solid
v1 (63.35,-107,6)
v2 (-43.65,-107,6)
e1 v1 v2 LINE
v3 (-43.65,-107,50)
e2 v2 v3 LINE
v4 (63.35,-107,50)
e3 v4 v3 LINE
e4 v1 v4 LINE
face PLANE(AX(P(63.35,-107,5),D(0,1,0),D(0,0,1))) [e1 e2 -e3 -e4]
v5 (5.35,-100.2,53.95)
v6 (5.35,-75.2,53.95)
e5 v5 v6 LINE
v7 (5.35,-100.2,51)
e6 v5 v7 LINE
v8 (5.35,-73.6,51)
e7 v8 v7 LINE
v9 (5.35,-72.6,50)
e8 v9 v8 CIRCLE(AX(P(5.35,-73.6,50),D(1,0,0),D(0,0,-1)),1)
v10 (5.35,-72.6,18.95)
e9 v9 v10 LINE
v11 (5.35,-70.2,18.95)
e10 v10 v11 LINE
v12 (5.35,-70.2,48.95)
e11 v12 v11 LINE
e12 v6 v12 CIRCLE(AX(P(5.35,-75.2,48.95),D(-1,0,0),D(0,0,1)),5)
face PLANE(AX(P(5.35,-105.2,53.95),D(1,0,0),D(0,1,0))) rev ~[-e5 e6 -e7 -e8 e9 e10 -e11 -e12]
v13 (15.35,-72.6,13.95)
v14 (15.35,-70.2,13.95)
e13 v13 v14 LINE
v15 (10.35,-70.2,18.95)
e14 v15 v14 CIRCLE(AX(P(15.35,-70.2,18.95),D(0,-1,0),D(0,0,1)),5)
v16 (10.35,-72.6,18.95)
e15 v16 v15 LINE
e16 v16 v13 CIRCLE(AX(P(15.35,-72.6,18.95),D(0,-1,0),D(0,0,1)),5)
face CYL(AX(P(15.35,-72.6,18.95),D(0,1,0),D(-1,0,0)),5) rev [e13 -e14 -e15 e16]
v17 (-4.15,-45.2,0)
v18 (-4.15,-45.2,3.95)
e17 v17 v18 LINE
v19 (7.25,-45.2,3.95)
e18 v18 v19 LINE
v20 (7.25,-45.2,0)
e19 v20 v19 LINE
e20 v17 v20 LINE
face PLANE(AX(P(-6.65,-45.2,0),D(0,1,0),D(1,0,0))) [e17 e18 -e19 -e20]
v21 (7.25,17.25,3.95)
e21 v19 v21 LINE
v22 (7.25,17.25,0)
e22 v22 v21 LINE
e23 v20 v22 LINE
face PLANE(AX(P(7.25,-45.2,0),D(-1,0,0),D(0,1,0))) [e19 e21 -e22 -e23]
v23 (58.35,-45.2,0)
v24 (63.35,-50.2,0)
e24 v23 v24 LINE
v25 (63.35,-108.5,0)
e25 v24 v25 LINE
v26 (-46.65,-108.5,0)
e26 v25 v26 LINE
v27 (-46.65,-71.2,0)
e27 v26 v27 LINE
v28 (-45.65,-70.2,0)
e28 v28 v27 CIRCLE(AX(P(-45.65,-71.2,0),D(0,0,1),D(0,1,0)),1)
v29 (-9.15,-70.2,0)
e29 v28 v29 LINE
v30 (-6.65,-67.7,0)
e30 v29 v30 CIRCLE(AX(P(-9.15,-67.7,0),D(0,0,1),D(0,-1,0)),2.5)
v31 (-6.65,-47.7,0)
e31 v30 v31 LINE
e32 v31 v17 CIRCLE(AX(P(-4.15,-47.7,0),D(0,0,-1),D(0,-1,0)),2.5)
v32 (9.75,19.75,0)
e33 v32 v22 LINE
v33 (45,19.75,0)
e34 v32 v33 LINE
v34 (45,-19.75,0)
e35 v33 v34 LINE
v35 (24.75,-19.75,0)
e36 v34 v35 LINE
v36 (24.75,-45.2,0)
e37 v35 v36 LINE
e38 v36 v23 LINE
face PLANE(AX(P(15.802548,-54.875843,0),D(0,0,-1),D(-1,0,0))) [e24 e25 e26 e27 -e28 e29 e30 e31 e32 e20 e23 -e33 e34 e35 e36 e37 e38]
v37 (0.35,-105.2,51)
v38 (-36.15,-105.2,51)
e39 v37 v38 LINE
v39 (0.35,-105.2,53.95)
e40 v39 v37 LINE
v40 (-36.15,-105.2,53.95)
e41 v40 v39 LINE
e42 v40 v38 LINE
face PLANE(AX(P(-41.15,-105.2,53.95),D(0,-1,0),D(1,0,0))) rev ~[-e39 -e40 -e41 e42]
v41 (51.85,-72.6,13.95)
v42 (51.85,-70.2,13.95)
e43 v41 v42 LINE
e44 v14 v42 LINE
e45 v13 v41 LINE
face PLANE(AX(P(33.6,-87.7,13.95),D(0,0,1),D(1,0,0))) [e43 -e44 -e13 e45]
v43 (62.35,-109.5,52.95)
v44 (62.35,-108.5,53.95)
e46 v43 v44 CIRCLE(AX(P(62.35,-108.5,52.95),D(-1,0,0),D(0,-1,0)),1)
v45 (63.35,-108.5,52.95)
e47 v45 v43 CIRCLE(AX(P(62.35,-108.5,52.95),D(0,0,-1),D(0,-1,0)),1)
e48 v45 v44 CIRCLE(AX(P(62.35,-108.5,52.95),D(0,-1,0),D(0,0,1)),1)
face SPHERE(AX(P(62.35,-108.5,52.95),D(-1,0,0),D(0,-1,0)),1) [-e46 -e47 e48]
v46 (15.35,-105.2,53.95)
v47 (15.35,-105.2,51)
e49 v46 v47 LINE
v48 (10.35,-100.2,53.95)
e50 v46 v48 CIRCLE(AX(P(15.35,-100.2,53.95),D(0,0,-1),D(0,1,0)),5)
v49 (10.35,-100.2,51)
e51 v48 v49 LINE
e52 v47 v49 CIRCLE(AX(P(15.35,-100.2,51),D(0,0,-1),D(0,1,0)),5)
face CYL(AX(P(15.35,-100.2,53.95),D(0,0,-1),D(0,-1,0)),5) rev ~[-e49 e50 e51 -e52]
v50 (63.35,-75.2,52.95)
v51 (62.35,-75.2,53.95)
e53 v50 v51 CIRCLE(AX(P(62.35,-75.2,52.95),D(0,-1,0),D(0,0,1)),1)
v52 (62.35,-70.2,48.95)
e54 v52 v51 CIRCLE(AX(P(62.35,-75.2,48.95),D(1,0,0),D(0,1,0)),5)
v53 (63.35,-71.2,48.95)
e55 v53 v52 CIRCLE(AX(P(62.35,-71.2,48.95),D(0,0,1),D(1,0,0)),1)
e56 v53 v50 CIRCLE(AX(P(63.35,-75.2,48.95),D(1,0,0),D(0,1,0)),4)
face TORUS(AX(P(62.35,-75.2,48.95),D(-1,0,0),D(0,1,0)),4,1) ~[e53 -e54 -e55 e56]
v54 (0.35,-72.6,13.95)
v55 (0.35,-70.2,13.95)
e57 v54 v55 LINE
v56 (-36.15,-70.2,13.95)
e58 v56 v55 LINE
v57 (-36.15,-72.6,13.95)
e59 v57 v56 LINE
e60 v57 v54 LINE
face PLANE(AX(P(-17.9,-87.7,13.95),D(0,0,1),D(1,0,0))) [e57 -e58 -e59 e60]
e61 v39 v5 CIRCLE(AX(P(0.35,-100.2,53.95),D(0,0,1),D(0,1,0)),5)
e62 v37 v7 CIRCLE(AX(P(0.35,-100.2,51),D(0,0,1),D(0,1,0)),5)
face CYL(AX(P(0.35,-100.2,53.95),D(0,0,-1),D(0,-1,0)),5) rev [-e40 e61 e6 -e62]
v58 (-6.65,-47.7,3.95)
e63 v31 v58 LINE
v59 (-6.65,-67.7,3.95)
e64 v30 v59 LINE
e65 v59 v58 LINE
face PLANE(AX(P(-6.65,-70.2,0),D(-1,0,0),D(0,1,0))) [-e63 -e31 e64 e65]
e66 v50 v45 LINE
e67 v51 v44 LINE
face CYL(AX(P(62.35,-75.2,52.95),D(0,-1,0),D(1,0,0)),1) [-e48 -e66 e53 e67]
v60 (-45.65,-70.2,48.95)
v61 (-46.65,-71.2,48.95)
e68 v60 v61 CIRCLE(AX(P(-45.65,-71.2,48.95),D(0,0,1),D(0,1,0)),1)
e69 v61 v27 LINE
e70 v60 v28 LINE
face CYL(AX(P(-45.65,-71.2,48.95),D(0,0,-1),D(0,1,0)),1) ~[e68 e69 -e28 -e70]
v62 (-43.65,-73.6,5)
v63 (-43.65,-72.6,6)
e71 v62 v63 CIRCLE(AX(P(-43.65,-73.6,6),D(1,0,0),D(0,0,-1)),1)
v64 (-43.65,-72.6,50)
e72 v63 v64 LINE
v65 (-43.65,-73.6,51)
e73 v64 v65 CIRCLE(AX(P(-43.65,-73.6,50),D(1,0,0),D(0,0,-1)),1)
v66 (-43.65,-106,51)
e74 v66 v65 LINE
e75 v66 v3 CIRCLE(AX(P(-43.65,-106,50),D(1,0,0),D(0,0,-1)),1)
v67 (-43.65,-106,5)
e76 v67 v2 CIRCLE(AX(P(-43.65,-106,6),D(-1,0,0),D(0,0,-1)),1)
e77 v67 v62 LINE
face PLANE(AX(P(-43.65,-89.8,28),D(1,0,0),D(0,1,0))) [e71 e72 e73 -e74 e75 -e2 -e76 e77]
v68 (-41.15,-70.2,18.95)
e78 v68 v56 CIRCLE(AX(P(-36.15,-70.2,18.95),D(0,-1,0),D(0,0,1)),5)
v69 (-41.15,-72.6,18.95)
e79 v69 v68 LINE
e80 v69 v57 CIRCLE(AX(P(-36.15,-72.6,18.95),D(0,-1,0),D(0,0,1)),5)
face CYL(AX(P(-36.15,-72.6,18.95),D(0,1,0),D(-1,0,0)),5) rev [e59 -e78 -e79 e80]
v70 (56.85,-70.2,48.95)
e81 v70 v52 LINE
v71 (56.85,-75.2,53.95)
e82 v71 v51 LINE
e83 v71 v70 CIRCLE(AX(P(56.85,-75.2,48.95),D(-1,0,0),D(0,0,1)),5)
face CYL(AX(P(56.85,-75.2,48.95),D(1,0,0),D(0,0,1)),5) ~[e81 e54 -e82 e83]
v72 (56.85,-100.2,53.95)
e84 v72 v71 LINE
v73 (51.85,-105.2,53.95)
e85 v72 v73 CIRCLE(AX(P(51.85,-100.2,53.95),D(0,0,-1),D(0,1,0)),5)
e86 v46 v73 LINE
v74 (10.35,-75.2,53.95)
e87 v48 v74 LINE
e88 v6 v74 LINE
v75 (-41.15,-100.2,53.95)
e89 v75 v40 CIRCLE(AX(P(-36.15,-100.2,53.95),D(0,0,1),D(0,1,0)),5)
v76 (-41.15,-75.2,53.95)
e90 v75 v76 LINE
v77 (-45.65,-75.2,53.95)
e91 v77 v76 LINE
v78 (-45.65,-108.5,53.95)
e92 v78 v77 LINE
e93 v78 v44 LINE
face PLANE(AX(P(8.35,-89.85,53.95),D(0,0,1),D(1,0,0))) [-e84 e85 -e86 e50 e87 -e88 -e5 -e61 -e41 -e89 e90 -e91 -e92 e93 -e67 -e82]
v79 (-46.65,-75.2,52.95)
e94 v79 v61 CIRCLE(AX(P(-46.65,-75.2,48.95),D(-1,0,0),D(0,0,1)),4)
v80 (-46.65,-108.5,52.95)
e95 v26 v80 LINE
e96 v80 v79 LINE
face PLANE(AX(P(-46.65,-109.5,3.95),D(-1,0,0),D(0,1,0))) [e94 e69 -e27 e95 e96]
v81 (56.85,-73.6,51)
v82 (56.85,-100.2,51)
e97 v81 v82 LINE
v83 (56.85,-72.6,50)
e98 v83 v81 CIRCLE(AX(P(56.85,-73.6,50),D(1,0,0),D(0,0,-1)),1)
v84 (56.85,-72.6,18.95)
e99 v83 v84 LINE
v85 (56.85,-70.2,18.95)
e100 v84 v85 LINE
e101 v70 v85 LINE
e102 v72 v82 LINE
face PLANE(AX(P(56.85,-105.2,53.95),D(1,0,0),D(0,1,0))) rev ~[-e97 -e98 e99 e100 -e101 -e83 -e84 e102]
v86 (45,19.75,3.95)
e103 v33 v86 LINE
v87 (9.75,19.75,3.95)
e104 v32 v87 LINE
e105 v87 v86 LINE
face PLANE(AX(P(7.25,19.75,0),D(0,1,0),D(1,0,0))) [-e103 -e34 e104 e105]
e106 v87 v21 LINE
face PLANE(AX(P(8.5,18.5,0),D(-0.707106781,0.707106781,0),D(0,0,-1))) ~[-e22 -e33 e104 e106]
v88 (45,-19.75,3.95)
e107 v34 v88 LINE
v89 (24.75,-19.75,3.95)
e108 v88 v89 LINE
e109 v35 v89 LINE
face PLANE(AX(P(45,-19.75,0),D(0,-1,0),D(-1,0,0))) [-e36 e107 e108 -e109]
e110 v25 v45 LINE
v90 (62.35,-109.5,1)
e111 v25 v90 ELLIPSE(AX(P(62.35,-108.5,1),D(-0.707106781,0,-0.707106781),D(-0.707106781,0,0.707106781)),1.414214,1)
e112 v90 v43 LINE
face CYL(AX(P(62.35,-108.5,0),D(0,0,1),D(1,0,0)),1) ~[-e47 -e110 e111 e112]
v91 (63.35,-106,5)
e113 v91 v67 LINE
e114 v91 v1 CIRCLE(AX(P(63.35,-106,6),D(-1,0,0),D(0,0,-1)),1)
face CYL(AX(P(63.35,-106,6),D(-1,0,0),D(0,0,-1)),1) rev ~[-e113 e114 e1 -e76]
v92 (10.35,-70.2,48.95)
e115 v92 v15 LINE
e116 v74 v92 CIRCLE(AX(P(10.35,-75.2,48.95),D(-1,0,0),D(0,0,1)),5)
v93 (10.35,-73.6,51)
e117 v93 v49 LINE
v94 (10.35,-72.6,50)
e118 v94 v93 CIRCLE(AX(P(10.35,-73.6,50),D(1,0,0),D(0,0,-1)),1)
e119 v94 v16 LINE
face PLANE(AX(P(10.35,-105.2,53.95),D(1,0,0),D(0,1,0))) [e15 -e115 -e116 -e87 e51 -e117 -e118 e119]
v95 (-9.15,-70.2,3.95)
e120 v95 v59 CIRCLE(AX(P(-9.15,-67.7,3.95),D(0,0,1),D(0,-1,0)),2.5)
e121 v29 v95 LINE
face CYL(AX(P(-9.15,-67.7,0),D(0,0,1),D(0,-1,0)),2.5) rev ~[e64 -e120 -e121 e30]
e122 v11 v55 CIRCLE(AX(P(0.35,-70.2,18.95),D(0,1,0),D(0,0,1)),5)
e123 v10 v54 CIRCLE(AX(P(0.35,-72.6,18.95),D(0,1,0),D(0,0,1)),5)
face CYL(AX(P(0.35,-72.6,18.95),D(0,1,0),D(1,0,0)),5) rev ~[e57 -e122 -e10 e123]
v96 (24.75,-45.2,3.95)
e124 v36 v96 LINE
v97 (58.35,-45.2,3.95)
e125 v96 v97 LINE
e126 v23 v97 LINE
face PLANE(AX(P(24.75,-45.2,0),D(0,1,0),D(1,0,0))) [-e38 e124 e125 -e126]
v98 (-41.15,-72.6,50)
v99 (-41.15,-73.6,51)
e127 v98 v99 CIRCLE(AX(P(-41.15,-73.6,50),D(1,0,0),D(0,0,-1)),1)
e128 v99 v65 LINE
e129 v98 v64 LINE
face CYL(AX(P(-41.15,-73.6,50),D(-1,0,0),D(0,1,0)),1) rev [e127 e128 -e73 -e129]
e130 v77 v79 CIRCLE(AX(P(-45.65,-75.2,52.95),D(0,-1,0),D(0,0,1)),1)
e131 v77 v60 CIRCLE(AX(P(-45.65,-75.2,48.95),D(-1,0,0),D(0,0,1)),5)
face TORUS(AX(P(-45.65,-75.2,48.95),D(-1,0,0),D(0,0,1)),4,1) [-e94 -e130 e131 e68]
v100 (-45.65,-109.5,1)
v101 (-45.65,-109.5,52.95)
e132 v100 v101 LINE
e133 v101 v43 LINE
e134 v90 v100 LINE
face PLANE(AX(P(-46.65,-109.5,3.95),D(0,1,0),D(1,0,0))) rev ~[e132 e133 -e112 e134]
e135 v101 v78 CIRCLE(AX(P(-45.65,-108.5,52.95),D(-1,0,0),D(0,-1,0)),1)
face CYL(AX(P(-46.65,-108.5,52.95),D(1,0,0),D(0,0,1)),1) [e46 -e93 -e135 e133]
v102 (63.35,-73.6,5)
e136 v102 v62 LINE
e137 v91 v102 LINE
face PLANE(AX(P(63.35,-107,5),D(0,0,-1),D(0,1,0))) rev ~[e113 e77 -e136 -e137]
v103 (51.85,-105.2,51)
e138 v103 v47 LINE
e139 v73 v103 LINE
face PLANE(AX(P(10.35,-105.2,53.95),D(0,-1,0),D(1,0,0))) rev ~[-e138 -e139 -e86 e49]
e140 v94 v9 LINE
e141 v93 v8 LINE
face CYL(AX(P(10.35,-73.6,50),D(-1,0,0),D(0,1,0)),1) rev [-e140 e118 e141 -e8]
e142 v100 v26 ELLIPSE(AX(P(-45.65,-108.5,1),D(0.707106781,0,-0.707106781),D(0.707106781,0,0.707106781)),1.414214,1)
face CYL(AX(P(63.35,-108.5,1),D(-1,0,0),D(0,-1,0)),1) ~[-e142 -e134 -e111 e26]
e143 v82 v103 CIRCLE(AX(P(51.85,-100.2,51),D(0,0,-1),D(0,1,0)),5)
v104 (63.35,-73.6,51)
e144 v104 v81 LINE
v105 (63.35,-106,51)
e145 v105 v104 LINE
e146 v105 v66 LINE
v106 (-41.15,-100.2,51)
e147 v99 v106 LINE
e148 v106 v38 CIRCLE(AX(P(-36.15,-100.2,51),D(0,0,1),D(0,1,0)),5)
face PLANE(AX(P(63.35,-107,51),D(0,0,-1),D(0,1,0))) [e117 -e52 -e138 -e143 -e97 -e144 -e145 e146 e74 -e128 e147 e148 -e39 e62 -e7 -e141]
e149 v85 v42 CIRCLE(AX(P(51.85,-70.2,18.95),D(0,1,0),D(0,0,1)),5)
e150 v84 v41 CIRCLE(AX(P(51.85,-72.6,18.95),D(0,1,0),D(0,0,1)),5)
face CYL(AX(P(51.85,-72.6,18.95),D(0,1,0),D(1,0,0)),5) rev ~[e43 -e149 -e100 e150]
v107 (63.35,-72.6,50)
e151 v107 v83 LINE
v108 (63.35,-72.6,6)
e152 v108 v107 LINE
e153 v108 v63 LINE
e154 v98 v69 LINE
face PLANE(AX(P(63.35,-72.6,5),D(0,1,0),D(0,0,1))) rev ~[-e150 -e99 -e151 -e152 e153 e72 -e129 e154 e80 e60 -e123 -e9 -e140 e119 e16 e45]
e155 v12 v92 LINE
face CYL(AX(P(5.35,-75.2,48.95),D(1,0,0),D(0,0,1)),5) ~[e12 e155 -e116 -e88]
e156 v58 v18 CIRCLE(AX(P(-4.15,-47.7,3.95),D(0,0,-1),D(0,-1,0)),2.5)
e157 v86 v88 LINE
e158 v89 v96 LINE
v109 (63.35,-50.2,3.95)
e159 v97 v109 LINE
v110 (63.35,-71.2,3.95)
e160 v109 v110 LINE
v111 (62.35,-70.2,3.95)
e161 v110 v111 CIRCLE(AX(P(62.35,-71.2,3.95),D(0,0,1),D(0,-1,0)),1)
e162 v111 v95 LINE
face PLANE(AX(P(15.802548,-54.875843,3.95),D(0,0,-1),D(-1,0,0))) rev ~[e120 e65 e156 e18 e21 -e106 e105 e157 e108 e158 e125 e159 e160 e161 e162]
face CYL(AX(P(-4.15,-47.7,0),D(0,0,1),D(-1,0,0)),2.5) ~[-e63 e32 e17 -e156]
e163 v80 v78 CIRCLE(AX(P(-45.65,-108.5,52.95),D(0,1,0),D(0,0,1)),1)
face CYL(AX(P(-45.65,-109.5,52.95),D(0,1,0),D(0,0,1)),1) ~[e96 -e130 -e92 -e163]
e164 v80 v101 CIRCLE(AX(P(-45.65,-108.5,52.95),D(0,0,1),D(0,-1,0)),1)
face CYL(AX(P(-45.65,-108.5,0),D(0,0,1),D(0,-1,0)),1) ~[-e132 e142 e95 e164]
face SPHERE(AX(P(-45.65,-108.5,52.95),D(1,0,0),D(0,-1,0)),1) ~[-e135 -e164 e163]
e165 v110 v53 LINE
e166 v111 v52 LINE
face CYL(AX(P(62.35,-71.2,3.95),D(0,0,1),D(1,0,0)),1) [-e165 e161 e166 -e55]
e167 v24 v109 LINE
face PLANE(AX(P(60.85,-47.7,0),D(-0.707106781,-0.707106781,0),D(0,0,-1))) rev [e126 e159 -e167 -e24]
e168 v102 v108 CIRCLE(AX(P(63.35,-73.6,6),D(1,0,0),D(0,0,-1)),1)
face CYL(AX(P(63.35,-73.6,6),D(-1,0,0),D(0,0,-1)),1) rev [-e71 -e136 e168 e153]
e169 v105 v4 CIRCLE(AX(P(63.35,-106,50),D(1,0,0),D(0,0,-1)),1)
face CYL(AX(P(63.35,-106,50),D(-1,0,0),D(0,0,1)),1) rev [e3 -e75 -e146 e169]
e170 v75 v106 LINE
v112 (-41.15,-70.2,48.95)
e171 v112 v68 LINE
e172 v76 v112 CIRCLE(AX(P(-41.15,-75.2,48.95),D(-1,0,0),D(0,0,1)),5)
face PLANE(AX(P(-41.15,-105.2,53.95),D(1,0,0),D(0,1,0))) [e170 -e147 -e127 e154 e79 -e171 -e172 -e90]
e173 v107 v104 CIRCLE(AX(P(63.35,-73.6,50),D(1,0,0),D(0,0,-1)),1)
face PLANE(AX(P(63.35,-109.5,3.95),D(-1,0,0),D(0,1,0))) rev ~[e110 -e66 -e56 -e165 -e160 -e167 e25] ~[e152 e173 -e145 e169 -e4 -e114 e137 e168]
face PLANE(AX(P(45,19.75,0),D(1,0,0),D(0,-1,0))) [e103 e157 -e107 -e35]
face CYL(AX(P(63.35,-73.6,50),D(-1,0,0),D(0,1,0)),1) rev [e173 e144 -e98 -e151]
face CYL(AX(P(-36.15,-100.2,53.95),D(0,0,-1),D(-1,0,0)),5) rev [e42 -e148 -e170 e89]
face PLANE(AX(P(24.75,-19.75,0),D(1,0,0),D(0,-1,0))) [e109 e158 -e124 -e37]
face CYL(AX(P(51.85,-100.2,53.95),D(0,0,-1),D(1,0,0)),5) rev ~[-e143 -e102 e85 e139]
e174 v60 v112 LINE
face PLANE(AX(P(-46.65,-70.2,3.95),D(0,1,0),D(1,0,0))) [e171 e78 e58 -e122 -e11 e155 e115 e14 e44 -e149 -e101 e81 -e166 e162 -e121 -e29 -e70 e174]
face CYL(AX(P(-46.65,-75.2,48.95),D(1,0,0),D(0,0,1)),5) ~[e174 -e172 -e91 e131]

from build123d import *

# Parameters (mm, degrees)
PAD_DEPTH       = 3.95
SKETCH001_W     = 110
SKETCH001_H     = 39.3
PAD001_DEPTH    = 50
SKETCH002_W     = 34.4
SKETCH002_H     = 46
POCKET_DEPTH    = 107
SKETCH003_W     = 46.5
SKETCH003_H     = 35
POCKET001_DEPTH = 40
CHAMFER_SIZE    = 2.5
CHAMFER001_SIZE = 5
FILLET_R        = 2.5
FILLET001_R     = 1
FILLET002_R     = 5
FILLET003_R     = 1


with BuildPart() as part:
    # Sketch → Pad (new body)
    with BuildSketch(Plane.XY):
        Polygon((7.25, 19.75), (45, 19.75), (45, -19.75), (24.75, -19.75), (24.75, -45.2), (63.35, -45.2), (63.35, -109.5), (-46.65, -109.5), (-46.65, -70.2), (-6.65, -70.2), (-6.65, -45.2), (7.25, -45.2), align=None)
    extrude(amount=PAD_DEPTH)

    # Sketch001 (on Face14 of Pad) → Pad001 (join)
    with BuildSketch(Plane.XY.offset(3.95)):
        with Locations((8.35, -89.85)):
            Rectangle(SKETCH001_W, SKETCH001_H)
    extrude(amount=PAD001_DEPTH)

    # Sketch002 (on Face15 of Pad001) → Pocket (cut)
    with BuildSketch(Plane.YZ.offset(63.35)):
        with Locations((-89.8, 28)):
            Rectangle(SKETCH002_W, SKETCH002_H)
    extrude(amount=-POCKET_DEPTH, mode=Mode.SUBTRACT)

    # Sketch003 (on Face1 of Pocket) → Pocket001 (cut)
    with BuildSketch(Plane.XY.offset(53.95)):
        with Locations((-17.9, -87.7)):
            Rectangle(SKETCH003_W, SKETCH003_H)
        with Locations((33.6, -87.7)):
            Rectangle(SKETCH003_W, SKETCH003_H)
    extrude(amount=-POCKET001_DEPTH, mode=Mode.SUBTRACT)

    # Chamfer
    chamfer_edges = [part.edges().sort_by_distance(p)[0] for p in [
        (7.25, 19.75, 1.975),
    ]]
    chamfer(chamfer_edges, length=CHAMFER_SIZE)

    # Chamfer001
    chamfer001_edges = [part.edges().sort_by_distance(p)[0] for p in [
        (63.35, -45.2, 1.975),
    ]]
    chamfer(chamfer001_edges, length=CHAMFER001_SIZE)

    # Fillet
    fillet_edges = [part.edges().sort_by_distance(p)[0] for p in [
        (-6.65, -45.2, 1.975),
        (-6.65, -70.2, 1.975),
    ]]
    fillet(fillet_edges, radius=FILLET_R)

    # Fillet001
    fillet001_edges = [part.edges().sort_by_distance(p)[0] for p in [
        (9.85, -107, 51),
        (9.85, -107, 5),
        (9.85, -72.6, 5),
        (60.1, -72.6, 51),
        (7.85, -72.6, 51),
        (-42.4, -72.6, 51),
    ]]
    fillet(fillet001_edges, radius=FILLET001_R)

    # Fillet002
    fillet002_edges = [part.edges().sort_by_distance(p)[0] for p in [
        (-41.15, -105.2, 52.475),
        (5.35, -105.2, 52.475),
        (10.35, -105.2, 52.475),
        (56.85, -105.2, 52.475),
        (-41.15, -71.4, 13.95),
        (5.35, -71.4, 13.95),
        (10.35, -71.4, 13.95),
        (56.85, -71.4, 13.95),
        (-43.9, -70.2, 53.95),
        (7.85, -70.2, 53.95),
        (60.1, -70.2, 53.95),
    ]]
    fillet(fillet002_edges, radius=FILLET002_R)

    # Fillet003
    fillet003_edges = [part.edges().sort_by_distance(p)[0] for p in [
        (8.35, -109.5, 53.95),
        (-46.65, -109.5, 26.975),
        (63.35, -109.5, 26.975),
        (-46.65, -92.35, 53.95),
        (-46.65, -71.664466, 52.485534),
        (-46.65, -70.2, 24.475),
        (63.35, -70.2, 26.45),
        (63.35, -71.664466, 52.485534),
        (63.35, -92.35, 53.95),
        (8.35, -109.5, 0),
    ]]
    fillet(fillet003_edges, radius=FILLET003_R)


solid = part.part
